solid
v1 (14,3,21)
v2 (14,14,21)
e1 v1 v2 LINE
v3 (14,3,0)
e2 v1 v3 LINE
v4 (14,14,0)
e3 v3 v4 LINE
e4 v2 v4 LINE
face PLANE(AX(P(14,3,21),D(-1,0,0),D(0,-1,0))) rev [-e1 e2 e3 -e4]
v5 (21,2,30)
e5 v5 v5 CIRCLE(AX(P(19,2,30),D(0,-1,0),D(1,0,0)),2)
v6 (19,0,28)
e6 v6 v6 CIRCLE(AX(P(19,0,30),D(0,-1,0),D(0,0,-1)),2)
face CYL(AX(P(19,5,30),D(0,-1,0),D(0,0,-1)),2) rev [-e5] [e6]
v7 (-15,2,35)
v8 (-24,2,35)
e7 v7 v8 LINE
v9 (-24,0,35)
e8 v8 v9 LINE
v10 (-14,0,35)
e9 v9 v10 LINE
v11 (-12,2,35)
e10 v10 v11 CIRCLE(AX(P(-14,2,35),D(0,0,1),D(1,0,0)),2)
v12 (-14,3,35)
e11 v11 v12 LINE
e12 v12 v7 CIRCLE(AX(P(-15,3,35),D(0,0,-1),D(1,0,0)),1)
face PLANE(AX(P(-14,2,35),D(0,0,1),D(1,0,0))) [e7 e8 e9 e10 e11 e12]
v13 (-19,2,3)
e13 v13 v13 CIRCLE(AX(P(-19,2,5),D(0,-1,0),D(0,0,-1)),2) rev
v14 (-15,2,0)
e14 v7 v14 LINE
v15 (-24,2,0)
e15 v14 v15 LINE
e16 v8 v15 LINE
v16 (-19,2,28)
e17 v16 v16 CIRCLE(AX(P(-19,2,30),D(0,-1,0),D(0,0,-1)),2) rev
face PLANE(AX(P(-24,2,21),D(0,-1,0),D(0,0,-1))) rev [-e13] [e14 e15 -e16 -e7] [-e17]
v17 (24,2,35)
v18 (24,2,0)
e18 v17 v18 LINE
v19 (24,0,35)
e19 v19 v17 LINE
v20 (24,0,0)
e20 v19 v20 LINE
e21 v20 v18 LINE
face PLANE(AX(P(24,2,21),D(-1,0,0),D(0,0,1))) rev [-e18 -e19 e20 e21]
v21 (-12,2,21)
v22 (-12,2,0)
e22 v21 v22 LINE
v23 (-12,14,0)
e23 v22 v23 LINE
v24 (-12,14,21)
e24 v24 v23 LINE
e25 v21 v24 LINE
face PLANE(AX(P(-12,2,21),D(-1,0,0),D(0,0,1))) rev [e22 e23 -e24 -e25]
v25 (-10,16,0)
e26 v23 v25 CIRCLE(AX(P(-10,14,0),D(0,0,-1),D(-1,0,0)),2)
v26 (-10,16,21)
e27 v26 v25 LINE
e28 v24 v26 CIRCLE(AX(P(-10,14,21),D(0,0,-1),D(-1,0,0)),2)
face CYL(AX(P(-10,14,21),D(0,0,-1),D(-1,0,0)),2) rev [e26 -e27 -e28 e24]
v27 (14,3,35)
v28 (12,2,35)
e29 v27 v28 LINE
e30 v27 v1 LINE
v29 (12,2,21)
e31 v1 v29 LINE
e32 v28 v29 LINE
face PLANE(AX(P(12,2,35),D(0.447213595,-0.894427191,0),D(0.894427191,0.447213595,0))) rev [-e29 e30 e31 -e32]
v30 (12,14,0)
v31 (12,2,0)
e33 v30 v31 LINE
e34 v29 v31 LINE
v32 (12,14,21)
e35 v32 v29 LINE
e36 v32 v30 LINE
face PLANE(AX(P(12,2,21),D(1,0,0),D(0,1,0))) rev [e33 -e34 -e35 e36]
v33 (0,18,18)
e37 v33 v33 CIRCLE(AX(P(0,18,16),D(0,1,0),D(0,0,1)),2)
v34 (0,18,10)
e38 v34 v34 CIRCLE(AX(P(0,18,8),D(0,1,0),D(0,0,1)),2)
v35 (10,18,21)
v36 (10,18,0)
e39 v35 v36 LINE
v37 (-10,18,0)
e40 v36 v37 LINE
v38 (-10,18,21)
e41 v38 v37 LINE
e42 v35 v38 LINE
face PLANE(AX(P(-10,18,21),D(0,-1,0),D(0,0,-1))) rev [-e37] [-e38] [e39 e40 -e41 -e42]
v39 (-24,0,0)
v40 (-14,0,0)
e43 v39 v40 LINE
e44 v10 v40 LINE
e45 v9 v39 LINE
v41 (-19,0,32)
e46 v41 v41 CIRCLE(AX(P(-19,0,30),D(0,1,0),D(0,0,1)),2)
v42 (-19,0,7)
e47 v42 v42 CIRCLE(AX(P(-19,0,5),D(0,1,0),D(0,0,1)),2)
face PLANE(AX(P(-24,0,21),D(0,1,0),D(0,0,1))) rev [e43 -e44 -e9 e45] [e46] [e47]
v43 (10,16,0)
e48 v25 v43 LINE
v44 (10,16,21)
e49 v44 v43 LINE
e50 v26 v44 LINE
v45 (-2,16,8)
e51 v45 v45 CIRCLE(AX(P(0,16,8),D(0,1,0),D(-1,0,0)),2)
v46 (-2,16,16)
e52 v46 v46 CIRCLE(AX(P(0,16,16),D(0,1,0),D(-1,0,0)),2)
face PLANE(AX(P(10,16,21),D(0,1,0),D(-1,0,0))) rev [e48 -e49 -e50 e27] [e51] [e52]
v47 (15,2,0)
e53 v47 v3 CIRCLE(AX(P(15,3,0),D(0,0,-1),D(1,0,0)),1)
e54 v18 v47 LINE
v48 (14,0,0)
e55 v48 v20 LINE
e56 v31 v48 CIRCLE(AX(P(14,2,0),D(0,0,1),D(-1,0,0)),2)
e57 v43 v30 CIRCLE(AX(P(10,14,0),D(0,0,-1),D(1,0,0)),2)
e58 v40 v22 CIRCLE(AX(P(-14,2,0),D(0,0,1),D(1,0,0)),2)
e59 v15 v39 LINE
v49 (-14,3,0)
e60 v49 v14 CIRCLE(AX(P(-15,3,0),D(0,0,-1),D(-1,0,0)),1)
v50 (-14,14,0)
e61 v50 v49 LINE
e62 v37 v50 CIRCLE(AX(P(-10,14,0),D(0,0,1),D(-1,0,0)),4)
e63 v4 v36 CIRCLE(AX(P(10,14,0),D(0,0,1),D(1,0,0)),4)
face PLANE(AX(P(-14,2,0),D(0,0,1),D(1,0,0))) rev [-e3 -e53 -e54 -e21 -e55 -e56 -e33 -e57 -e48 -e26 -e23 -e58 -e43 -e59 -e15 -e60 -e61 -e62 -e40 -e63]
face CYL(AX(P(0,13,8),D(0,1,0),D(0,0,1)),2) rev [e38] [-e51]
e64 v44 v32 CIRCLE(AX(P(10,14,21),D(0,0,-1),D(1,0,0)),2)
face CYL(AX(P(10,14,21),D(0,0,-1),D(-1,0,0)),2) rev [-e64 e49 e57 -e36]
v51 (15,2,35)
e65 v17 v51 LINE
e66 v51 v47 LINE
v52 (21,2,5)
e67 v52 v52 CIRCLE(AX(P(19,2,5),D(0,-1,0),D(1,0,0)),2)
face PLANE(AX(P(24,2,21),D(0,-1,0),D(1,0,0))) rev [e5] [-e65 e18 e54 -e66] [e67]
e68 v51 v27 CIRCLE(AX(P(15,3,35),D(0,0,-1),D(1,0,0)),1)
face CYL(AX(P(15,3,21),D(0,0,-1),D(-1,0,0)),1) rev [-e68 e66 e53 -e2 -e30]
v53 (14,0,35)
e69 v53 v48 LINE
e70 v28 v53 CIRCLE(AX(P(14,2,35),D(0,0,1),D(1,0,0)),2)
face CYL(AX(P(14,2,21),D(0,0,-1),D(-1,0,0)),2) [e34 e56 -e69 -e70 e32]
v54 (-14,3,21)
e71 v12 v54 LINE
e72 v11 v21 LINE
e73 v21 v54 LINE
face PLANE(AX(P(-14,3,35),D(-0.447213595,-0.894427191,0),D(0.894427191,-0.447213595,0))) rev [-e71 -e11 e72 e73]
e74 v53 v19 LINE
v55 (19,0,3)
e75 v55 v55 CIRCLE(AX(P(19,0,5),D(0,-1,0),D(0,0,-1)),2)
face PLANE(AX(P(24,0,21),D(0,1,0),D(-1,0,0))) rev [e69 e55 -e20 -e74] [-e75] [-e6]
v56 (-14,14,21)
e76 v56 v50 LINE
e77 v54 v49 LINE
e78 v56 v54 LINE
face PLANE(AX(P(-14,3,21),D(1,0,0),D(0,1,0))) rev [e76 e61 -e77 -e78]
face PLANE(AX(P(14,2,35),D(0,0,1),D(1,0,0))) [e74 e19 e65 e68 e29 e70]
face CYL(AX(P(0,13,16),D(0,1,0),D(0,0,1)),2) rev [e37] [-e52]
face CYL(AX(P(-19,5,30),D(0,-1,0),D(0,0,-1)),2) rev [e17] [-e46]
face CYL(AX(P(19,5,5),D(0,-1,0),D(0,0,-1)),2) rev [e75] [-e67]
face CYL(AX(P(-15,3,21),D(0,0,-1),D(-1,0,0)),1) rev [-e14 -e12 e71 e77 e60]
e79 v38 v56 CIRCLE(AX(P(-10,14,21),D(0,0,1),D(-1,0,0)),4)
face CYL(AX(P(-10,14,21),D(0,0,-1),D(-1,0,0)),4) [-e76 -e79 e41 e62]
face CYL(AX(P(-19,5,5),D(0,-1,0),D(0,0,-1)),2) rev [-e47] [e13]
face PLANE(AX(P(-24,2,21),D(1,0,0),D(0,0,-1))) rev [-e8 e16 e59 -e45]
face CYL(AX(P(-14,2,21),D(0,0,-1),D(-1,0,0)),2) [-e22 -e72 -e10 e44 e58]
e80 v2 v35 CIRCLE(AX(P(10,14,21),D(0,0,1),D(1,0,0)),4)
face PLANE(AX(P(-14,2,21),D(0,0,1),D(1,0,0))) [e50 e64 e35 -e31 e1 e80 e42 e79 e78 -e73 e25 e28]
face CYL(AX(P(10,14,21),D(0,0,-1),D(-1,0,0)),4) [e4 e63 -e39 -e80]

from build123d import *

# Parameters (mm, degrees)
BOSS_EXTRUDE1_DEPTH = 21
BOSS_EXTRUDE2_DEPTH = 14
SKETCH6_R           = 2
CUT_EXTRUDE6_DEPTH  = 5
SKETCH7_R           = 2
CUT_EXTRUDE7_DEPTH  = 5


with BuildPart() as part:
    # Sketch2 → Boss-Extrude1 (new body)
    with BuildSketch(Plane.XY):
        with BuildLine():
            Line((-24, 0), (-14, 0))
            ThreePointArc((-14, 0), (-12.585786438, 0.585786438), (-12, 2))
            Line((-12, 2), (-12, 14))
            ThreePointArc((-12, 14), (-11.414213562, 15.414213562), (-10, 16))
            Line((-10, 16), (0, 16))
            Line((0, 16), (10, 16))
            ThreePointArc((10, 16), (11.414213562, 15.414213562), (12, 14))
            Line((12, 14), (12, 2))
            ThreePointArc((12, 2), (12.585786438, 0.585786438), (14, 0))
            Line((14, 0), (24, 0))
            Line((24, 0), (24, 2))
            Line((24, 2), (15, 2))
            ThreePointArc((15, 2), (14.292893219, 2.292893219), (14, 3))
            Line((14, 3), (14, 14))
            ThreePointArc((14, 14), (12.828427125, 16.828427125), (10, 18))
            Line((10, 18), (0, 18))
            Line((0, 18), (-10, 18))
            ThreePointArc((-10, 18), (-12.828427125, 16.828427125), (-14, 14))
            Line((-14, 14), (-14, 3))
            ThreePointArc((-14, 3), (-14.292893219, 2.292893219), (-15, 2))
            Line((-15, 2), (-24, 2))
            Line((-24, 2), (-24, 0))
        make_face()
    extrude(amount=BOSS_EXTRUDE1_DEPTH)

    # Sketch3 → Boss-Extrude2 (add)
    with BuildSketch(Plane.XY.offset(21)):
        with BuildLine():
            Line((-14, 3), (-12, 2))
            ThreePointArc((-12, 2), (-12.585786438, 0.585786438), (-14, 0))
            Line((-14, 0), (-24, 0))
            Line((-24, 0), (-24, 2))
            Line((-24, 2), (-15, 2))
            ThreePointArc((-15, 2), (-14.292893219, 2.292893219), (-14, 3))
        make_face()
        with BuildLine():
            Line((12, 2), (14, 3))
            ThreePointArc((14, 3), (14.292893219, 2.292893219), (15, 2))
            Line((15, 2), (24, 2))
            Line((24, 2), (24, 0))
            Line((24, 0), (14, 0))
            ThreePointArc((14, 0), (12.585786438, 0.585786438), (12, 2))
        make_face()
    extrude(amount=BOSS_EXTRUDE2_DEPTH)

    # Sketch6 → Cut-Extrude6 (cut)
    with BuildSketch(Plane(origin=(0, 0, 0), x_dir=(1, 0, 0), z_dir=(0, 1, 0))):
        with Locations(Location((-19, -5, 0), (0, 0, 90))):
            Circle(SKETCH6_R)
        with Locations(Location((-19, -30, 0), (0, 0, 90))):
            Circle(SKETCH6_R)
        with Locations(Location((19, -30, 0), (0, 0, 90))):
            Circle(SKETCH6_R)
        with Locations(Location((19, -5, 0), (0, 0, 90))):
            Circle(SKETCH6_R)
    extrude(amount=CUT_EXTRUDE6_DEPTH, mode=Mode.SUBTRACT)

    # Sketch7 → Cut-Extrude7 (cut)
    with BuildSketch(Plane(origin=(0, 18, 0), x_dir=(1, 0, 0), z_dir=(0, 1, 0))):
        with Locations(Location((0, -8, 0), (0, 0, 270))):
            Circle(SKETCH7_R)
        with Locations(Location((0, -16, 0), (0, 0, 270))):
            Circle(SKETCH7_R)
    extrude(amount=-CUT_EXTRUDE7_DEPTH, mode=Mode.SUBTRACT)


solid = part.part
